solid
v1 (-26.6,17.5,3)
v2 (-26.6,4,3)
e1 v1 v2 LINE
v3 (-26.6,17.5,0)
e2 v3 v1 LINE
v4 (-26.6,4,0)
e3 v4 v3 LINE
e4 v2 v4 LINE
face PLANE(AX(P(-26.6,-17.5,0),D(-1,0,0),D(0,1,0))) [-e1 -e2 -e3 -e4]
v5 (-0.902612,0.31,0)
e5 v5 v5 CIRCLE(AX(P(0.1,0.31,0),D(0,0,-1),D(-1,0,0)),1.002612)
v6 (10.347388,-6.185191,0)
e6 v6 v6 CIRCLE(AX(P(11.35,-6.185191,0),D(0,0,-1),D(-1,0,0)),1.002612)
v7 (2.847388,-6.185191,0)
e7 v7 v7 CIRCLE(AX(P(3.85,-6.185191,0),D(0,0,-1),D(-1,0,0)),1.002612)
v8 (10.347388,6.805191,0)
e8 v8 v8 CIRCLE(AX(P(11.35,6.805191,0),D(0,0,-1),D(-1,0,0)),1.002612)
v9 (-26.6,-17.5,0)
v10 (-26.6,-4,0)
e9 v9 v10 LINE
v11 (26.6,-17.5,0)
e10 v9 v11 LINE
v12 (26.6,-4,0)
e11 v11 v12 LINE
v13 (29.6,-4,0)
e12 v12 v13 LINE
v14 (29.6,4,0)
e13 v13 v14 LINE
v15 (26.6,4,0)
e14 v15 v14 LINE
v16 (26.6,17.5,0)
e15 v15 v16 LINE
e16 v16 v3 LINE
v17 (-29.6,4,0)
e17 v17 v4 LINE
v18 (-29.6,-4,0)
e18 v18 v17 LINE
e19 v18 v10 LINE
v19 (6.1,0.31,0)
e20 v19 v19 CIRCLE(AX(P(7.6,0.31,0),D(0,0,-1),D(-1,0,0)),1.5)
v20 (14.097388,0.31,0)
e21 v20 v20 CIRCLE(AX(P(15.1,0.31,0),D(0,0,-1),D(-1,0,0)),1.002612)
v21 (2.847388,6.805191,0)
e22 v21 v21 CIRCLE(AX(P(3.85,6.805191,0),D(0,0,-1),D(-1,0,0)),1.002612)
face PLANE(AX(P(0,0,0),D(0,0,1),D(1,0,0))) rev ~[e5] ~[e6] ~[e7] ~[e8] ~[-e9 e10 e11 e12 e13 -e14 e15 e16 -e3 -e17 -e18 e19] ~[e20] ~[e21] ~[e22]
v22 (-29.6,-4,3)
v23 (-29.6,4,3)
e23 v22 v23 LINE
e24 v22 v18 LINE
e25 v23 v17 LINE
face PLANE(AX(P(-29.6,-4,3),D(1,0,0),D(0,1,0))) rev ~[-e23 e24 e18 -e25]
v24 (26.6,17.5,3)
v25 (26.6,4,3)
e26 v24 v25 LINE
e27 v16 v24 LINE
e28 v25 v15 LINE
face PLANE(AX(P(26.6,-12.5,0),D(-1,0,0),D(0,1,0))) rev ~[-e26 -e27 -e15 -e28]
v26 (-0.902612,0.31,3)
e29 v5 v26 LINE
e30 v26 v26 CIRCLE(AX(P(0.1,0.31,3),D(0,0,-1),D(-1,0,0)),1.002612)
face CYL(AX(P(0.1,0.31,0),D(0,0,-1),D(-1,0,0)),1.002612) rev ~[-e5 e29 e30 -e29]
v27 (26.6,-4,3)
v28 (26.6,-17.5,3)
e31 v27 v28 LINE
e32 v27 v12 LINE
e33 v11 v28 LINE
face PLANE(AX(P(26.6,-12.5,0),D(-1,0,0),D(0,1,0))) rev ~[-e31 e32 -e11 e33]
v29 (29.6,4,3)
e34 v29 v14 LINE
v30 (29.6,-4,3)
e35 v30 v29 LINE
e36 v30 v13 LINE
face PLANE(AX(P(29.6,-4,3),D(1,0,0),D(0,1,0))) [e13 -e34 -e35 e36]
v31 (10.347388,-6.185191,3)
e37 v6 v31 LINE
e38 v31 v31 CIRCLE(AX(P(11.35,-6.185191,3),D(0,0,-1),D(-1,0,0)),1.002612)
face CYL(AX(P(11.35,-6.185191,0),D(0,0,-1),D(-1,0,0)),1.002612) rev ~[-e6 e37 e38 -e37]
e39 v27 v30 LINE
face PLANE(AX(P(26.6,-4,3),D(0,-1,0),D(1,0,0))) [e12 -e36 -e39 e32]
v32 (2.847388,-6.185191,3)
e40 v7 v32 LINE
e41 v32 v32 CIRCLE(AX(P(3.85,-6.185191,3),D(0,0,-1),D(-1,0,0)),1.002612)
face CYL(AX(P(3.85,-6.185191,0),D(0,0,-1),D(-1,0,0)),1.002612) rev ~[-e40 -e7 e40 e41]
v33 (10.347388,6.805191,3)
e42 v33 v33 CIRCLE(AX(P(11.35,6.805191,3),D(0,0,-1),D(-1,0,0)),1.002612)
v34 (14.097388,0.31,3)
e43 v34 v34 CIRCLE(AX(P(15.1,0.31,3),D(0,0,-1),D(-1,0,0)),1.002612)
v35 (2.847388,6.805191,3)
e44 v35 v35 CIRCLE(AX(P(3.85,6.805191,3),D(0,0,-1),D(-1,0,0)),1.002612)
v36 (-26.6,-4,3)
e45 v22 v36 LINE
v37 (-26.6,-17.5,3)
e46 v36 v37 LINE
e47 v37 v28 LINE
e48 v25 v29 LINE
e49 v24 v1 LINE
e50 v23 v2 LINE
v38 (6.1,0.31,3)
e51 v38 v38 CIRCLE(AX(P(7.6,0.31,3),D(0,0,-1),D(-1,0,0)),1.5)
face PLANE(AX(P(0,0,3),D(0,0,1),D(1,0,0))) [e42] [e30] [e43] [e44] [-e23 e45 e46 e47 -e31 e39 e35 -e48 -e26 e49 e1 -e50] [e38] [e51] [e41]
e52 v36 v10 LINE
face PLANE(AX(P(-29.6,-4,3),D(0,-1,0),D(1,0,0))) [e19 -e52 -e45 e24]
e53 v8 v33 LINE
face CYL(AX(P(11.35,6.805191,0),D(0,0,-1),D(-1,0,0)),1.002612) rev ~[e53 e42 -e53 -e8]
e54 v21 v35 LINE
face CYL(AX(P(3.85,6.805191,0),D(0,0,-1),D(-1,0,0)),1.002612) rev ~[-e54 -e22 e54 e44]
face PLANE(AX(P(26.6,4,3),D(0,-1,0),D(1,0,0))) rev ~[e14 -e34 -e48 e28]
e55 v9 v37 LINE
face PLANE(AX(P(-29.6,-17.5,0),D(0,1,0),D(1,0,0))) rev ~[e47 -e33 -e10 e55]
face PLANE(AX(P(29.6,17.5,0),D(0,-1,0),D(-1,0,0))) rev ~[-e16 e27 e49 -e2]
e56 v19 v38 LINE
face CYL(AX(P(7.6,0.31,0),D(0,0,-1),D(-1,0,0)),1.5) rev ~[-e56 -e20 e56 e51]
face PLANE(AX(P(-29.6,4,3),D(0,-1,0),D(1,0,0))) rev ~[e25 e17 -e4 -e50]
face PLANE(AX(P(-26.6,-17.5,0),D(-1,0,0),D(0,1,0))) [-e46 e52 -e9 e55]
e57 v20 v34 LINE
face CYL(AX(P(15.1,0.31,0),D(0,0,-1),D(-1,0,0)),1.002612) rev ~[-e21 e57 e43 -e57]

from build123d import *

# Parameters (mm, degrees)
SALIENTE_EXTRUIR1_DEPTH = 3
CORTAR_EXTRUIR1_REACH   = 36.517
CROQUIS2_R              = 1.5
CROQUIS2_R_2            = 1.002612495
CORTAR_EXTRUIR2_START   = -3
CROQUIS3_W              = 3
CROQUIS3_H              = 35
CORTAR_EXTRUIR2_DEPTH   = 3
CROQUIS4_W              = 3
CROQUIS4_H              = 8
SALIENTE_EXTRUIR2_DEPTH = 3


with BuildPart() as part:
    # Croquis1 → Saliente-Extruir1 (new body)
    with BuildSketch(Plane.XY):
        Polygon((29.6, -12.5), (26.6, -12.5), (26.6, -7.5), (29.6, -7.5), (29.6, -2.5), (26.6, -2.5), (26.6, 2.5), (29.6, 2.5), (29.6, 7.5), (26.6, 7.5), (26.6, 12.5), (29.6, 12.5), (29.6, 17.5), (-29.6, 17.5), (-29.6, 12.5), (-26.6, 12.5), (-26.6, 7.5), (-29.6, 7.5), (-29.6, 2.5), (-26.6, 2.5), (-26.6, -2.5), (-29.6, -2.5), (-29.6, -7.5), (-26.6, -7.5), (-26.6, -12.5), (-29.6, -12.5), (-29.6, -17.5), (29.6, -17.5), align=None)
    extrude(amount=SALIENTE_EXTRUIR1_DEPTH)

    # Croquis2 → Cortar-Extruir1 (cut, up to next)
    with BuildSketch(Plane(origin=(0, 0, 0), x_dir=(-1, 0, 0), z_dir=(0, 0, -1)), mode=Mode.PRIVATE) as cortar_extruir1_sk1:
        with Locations((-7.6, 0.31)):
            Circle(CROQUIS2_R)
    cortar_extruir1_tool1 = extrude(cortar_extruir1_sk1.sketch, amount=-CORTAR_EXTRUIR1_REACH, mode=Mode.PRIVATE) & part.part
    # Croquis2 → Cortar-Extruir1 (cut, up to next)
    with BuildSketch(Plane(origin=(0, 0, 0), x_dir=(-1, 0, 0), z_dir=(0, 0, -1)), mode=Mode.PRIVATE) as cortar_extruir1_sk2:
        with Locations((-15.1, 0.31)):
            Circle(CROQUIS2_R_2)
    cortar_extruir1_tool2 = extrude(cortar_extruir1_sk2.sketch, amount=-CORTAR_EXTRUIR1_REACH, mode=Mode.PRIVATE) & part.part
    # Croquis2 → Cortar-Extruir1 (cut, up to next)
    with BuildSketch(Plane(origin=(0, 0, 0), x_dir=(-1, 0, 0), z_dir=(0, 0, -1)), mode=Mode.PRIVATE) as cortar_extruir1_sk3:
        with Locations((-11.35, 6.805190528)):
            Circle(CROQUIS2_R_2)
    cortar_extruir1_tool3 = extrude(cortar_extruir1_sk3.sketch, amount=-CORTAR_EXTRUIR1_REACH, mode=Mode.PRIVATE) & part.part
    # Croquis2 → Cortar-Extruir1 (cut, up to next)
    with BuildSketch(Plane(origin=(0, 0, 0), x_dir=(-1, 0, 0), z_dir=(0, 0, -1)), mode=Mode.PRIVATE) as cortar_extruir1_sk4:
        with Locations((-3.85, 6.805190528)):
            Circle(CROQUIS2_R_2)
    cortar_extruir1_tool4 = extrude(cortar_extruir1_sk4.sketch, amount=-CORTAR_EXTRUIR1_REACH, mode=Mode.PRIVATE) & part.part
    # Croquis2 → Cortar-Extruir1 (cut, up to next)
    with BuildSketch(Plane(origin=(0, 0, 0), x_dir=(-1, 0, 0), z_dir=(0, 0, -1)), mode=Mode.PRIVATE) as cortar_extruir1_sk5:
        with Locations((-0.1, 0.31)):
            Circle(CROQUIS2_R_2)
    cortar_extruir1_tool5 = extrude(cortar_extruir1_sk5.sketch, amount=-CORTAR_EXTRUIR1_REACH, mode=Mode.PRIVATE) & part.part
    # Croquis2 → Cortar-Extruir1 (cut, up to next)
    with BuildSketch(Plane(origin=(0, 0, 0), x_dir=(-1, 0, 0), z_dir=(0, 0, -1)), mode=Mode.PRIVATE) as cortar_extruir1_sk6:
        with Locations((-3.85, -6.185190528)):
            Circle(CROQUIS2_R_2)
    cortar_extruir1_tool6 = extrude(cortar_extruir1_sk6.sketch, amount=-CORTAR_EXTRUIR1_REACH, mode=Mode.PRIVATE) & part.part
    # Croquis2 → Cortar-Extruir1 (cut, up to next)
    with BuildSketch(Plane(origin=(0, 0, 0), x_dir=(-1, 0, 0), z_dir=(0, 0, -1)), mode=Mode.PRIVATE) as cortar_extruir1_sk7:
        with Locations((-11.35, -6.185190528)):
            Circle(CROQUIS2_R_2)
    cortar_extruir1_tool7 = extrude(cortar_extruir1_sk7.sketch, amount=-CORTAR_EXTRUIR1_REACH, mode=Mode.PRIVATE) & part.part
    add(cortar_extruir1_tool1.solids().sort_by_distance((7.6, 0.31, 0))[0], mode=Mode.SUBTRACT)
    add(cortar_extruir1_tool2.solids().sort_by_distance((15.1, 0.31, 0))[0], mode=Mode.SUBTRACT)
    add(cortar_extruir1_tool3.solids().sort_by_distance((11.35, 6.805191, 0))[0], mode=Mode.SUBTRACT)
    add(cortar_extruir1_tool4.solids().sort_by_distance((3.85, 6.805191, 0))[0], mode=Mode.SUBTRACT)
    add(cortar_extruir1_tool5.solids().sort_by_distance((0.1, 0.31, 0))[0], mode=Mode.SUBTRACT)
    add(cortar_extruir1_tool6.solids().sort_by_distance((3.85, -6.185191, 0))[0], mode=Mode.SUBTRACT)
    add(cortar_extruir1_tool7.solids().sort_by_distance((11.35, -6.185191, 0))[0], mode=Mode.SUBTRACT)

    # Croquis3 → Cortar-Extruir2 (cut)
    with BuildSketch(Plane.XY.offset(3).offset(CORTAR_EXTRUIR2_START)):
        with Locations((-28.1, 0)):
            Rectangle(CROQUIS3_W, CROQUIS3_H)
        with Locations((28.1, 0)):
            Rectangle(CROQUIS3_W, CROQUIS3_H)
    extrude(amount=CORTAR_EXTRUIR2_DEPTH, mode=Mode.SUBTRACT)

    # Croquis4 → Saliente-Extruir2 (add)
    with BuildSketch(Plane.XY.offset(3)):
        with Locations((28.1, 0)):
            Rectangle(CROQUIS4_W, CROQUIS4_H)
        with Locations((-28.1, 0)):
            Rectangle(CROQUIS4_W, CROQUIS4_H)
    extrude(amount=-SALIENTE_EXTRUIR2_DEPTH)


solid = part.part
